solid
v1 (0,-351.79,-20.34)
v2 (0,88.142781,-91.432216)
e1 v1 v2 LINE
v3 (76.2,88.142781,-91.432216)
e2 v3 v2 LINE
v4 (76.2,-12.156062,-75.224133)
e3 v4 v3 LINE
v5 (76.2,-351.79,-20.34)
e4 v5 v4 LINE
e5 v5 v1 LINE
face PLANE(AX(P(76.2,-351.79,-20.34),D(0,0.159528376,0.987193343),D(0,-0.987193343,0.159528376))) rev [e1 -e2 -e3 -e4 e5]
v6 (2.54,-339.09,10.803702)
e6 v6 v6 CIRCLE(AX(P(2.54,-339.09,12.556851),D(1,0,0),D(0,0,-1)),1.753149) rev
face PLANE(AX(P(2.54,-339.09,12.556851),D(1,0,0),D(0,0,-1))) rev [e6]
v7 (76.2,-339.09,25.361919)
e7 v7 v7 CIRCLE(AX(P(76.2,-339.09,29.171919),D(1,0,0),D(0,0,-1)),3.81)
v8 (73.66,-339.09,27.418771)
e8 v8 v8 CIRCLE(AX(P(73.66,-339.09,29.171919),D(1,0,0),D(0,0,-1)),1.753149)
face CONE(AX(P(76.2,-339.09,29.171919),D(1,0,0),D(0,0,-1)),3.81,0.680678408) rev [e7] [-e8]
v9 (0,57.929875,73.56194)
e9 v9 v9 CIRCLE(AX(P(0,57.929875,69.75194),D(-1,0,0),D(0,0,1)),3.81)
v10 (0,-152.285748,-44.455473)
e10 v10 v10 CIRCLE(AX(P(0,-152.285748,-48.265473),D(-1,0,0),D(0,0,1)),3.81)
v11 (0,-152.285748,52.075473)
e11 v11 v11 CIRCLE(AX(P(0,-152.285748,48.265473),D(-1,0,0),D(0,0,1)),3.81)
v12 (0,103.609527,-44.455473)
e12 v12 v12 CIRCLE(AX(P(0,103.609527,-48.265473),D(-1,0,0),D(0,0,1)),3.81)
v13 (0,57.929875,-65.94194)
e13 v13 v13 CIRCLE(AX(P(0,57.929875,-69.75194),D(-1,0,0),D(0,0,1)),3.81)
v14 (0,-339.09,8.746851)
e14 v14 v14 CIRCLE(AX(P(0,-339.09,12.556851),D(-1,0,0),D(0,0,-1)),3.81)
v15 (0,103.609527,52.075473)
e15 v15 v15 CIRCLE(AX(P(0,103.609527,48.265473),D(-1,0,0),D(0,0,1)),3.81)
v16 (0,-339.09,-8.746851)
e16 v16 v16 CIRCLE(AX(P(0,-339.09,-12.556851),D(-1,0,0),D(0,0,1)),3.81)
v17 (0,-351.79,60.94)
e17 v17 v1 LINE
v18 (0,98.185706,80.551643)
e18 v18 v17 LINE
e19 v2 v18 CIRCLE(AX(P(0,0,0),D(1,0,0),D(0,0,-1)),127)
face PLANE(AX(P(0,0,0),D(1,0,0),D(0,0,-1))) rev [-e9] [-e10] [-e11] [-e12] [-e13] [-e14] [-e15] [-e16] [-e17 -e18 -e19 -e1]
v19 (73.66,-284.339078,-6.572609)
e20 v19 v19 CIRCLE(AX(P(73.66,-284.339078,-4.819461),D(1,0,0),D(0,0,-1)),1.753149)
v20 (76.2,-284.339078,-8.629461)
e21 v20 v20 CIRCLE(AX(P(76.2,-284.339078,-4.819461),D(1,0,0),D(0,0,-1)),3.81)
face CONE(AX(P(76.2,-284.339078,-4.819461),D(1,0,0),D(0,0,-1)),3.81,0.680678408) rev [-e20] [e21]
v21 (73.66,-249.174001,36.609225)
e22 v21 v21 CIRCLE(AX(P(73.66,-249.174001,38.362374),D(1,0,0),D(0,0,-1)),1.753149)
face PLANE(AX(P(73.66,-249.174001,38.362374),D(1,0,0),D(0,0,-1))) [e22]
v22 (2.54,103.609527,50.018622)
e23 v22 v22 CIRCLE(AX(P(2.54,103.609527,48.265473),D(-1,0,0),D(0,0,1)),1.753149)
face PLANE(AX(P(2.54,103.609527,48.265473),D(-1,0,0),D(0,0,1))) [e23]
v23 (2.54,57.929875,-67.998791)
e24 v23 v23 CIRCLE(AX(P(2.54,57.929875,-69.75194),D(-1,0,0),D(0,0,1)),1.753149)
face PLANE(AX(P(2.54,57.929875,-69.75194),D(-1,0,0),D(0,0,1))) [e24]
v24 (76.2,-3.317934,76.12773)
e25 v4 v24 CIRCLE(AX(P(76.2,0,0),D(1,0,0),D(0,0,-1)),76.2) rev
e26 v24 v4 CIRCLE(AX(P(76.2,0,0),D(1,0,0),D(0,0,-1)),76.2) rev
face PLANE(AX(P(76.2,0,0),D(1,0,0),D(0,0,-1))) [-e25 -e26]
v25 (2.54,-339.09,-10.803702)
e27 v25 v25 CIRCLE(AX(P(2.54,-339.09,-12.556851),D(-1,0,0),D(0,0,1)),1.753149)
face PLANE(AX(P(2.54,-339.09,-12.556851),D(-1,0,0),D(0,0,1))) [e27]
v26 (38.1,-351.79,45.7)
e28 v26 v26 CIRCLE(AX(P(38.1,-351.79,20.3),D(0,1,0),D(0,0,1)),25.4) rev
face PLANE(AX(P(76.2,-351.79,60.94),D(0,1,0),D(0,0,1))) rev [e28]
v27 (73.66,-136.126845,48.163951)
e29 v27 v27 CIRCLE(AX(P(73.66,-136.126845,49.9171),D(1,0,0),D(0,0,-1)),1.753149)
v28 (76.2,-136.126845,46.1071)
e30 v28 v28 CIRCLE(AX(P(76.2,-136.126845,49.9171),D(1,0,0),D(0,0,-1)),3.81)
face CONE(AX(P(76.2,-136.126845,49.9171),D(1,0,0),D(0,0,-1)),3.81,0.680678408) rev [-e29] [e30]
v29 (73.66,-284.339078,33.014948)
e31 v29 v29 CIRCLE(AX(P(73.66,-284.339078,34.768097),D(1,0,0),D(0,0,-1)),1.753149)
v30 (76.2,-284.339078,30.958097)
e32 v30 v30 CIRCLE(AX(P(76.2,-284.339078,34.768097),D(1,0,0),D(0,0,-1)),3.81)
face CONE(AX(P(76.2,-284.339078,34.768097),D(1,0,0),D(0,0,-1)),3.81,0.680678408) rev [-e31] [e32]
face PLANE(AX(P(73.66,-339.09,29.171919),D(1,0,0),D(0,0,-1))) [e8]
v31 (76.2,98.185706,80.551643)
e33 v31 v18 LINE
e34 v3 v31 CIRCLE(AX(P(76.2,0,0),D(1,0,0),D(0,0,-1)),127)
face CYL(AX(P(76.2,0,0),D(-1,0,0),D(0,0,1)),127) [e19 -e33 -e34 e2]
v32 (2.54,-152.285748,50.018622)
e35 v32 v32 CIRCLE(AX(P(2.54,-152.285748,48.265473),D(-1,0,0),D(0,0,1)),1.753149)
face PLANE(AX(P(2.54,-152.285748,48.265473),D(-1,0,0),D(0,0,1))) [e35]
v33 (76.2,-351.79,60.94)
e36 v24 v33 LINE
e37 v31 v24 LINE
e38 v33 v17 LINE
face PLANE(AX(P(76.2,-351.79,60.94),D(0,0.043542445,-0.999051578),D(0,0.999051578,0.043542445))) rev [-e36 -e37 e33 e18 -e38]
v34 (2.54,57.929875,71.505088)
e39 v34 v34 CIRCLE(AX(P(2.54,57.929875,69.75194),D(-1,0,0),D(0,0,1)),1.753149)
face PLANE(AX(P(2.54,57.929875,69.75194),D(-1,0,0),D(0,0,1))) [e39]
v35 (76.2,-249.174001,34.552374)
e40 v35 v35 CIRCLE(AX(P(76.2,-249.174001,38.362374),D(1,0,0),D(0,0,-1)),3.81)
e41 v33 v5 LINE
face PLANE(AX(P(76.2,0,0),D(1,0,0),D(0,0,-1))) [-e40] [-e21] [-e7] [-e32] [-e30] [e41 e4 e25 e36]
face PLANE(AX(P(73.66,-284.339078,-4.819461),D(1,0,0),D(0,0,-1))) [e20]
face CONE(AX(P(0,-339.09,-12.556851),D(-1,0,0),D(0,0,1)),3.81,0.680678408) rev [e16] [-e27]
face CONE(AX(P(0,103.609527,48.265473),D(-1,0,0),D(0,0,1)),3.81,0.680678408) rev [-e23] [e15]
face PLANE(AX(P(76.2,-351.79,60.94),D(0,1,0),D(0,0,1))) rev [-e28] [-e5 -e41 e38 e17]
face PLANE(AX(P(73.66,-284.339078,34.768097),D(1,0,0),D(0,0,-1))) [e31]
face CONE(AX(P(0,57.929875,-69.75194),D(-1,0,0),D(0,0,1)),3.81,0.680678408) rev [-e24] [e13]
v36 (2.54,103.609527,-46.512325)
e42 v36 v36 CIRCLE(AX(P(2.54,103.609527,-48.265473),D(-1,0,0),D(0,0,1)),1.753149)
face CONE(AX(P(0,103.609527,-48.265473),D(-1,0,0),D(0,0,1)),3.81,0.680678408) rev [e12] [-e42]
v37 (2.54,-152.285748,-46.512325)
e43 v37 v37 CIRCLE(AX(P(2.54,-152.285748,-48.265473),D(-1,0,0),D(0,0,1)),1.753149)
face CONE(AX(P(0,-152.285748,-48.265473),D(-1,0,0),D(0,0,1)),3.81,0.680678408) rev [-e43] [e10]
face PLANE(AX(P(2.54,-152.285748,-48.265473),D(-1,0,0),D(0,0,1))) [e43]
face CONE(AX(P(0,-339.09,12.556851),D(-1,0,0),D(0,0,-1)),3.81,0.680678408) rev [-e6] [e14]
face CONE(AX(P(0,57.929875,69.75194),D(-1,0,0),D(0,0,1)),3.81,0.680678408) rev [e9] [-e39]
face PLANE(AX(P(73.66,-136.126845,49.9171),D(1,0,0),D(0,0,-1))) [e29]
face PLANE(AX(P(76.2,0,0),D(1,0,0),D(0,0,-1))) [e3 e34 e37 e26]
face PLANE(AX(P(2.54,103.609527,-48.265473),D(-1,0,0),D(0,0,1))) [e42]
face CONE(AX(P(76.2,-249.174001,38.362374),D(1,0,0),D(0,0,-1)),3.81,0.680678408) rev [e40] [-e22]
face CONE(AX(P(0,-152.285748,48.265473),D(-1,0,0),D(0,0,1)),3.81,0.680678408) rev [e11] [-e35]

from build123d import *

# Parameters (mm, degrees)
SALIENTE_EXTRUIR1_DEPTH         = 76.2
CROQUIS4_R                      = 3.81
CORTAR_EXTRUIR1_DEPTH           = 2.54
CORTAR_EXTRUIR1_DRAFT           = -39
CORTAR_EXTRUIR1_PROFILE_2_DEPTH = 2.54
CORTAR_EXTRUIR1_PROFILE_2_DRAFT = -39
CORTAR_EXTRUIR1_PROFILE_3_DEPTH = 2.54
CORTAR_EXTRUIR1_PROFILE_3_DRAFT = -39
CORTAR_EXTRUIR1_PROFILE_4_DEPTH = 2.54
CORTAR_EXTRUIR1_PROFILE_4_DRAFT = -39
CORTAR_EXTRUIR1_PROFILE_5_DEPTH = 2.54
CORTAR_EXTRUIR1_PROFILE_5_DRAFT = -39
CORTAR_EXTRUIR1_PROFILE_6_DEPTH = 2.54
CORTAR_EXTRUIR1_PROFILE_6_DRAFT = -39
CROQUIS5_R                      = 3.81
CORTAR_EXTRUIR2_DEPTH           = 2.54
CORTAR_EXTRUIR2_DRAFT           = -39
CORTAR_EXTRUIR2_PROFILE_2_DEPTH = 2.54
CORTAR_EXTRUIR2_PROFILE_2_DRAFT = -39
CORTAR_EXTRUIR2_PROFILE_3_DEPTH = 2.54
CORTAR_EXTRUIR2_PROFILE_3_DRAFT = -39
CORTAR_EXTRUIR2_PROFILE_4_DEPTH = 2.54
CORTAR_EXTRUIR2_PROFILE_4_DRAFT = -39
CORTAR_EXTRUIR2_PROFILE_5_DEPTH = 2.54
CORTAR_EXTRUIR2_PROFILE_5_DRAFT = -39
CORTAR_EXTRUIR2_PROFILE_6_DEPTH = 2.54
CORTAR_EXTRUIR2_PROFILE_6_DRAFT = -39
CORTAR_EXTRUIR2_PROFILE_7_DEPTH = 2.54
CORTAR_EXTRUIR2_PROFILE_7_DRAFT = -39
CORTAR_EXTRUIR2_PROFILE_8_DEPTH = 2.54
CORTAR_EXTRUIR2_PROFILE_8_DRAFT = -39
CORTAR_EXTRUIR2_PROFILE_9_DEPTH = 2.54
CORTAR_EXTRUIR2_PROFILE_9_DRAFT = -39


with BuildPart() as part:
    # Croquis1 → Saliente-Extruir1 (new body)
    with BuildSketch(Plane(origin=(0, 0, 0), x_dir=(0, 0, -1), z_dir=(1, 0, 0))):
        with BuildLine():
            Line((-60.94000004, -351.79000001), (-80.551642675, 98.185705998))
            ThreePointArc((-80.551642675, 98.185705998), (7.403499257, 126.784021859), (91.432215779, 88.142781427))
            Line((91.432215779, 88.142781427), (20.33999996, -351.79000001))
            Line((20.33999996, -351.79000001), (-60.94000004, -351.79000001))
        make_face()
    extrude(amount=SALIENTE_EXTRUIR1_DEPTH)


with BuildPart() as cortar_extruir1_tool:
    # Croquis4 → Cortar-Extruir1 (with draft: the straight prism first)
    with BuildSketch(Plane(origin=(76.2, 0, 0), x_dir=(0, 0, -1), z_dir=(1, 0, 0))):
        with Locations((-49.917099877, -136.126844727)):
            Circle(CROQUIS4_R)
    extrude(amount=-CORTAR_EXTRUIR1_DEPTH)
    # Cortar-Extruir1: the draft: its side faces are tilted about the plane it starts from
    cortar_extruir1_sides = [cortar_extruir1_tool.faces().sort_by_distance(p)[0] for p in [
        (74.93, -136.126844727, 53.727099877),
    ]]
    draft(cortar_extruir1_sides, Plane(origin=(76.2, 0, 0), x_dir=(0, 0, -1), z_dir=(1, 0, 0)), CORTAR_EXTRUIR1_DRAFT)


with BuildPart() as part_1:
    add(part.part)

    # Cortar-Extruir1: cut by cortar_extruir1_tool
    add(cortar_extruir1_tool.part, mode=Mode.SUBTRACT)


with BuildPart() as cortar_extruir1_profile_2_tool:
    # Croquis4 → Cortar-Extruir1 profile 2 (with draft: the straight prism first)
    with BuildSketch(Plane(origin=(76.2, 0, 0), x_dir=(0, 0, -1), z_dir=(1, 0, 0))):
        with Locations((-38.362373799, -249.174001321)):
            Circle(CROQUIS4_R)
    extrude(amount=-CORTAR_EXTRUIR1_PROFILE_2_DEPTH)
    # Cortar-Extruir1 profile 2: the draft: its side faces are tilted about the plane it starts from
    cortar_extruir1_profile_2_sides = [cortar_extruir1_profile_2_tool.faces().sort_by_distance(p)[0] for p in [
        (74.93, -249.174001321, 42.172373799),
    ]]
    draft(cortar_extruir1_profile_2_sides, Plane(origin=(76.2, 0, 0), x_dir=(0, 0, -1), z_dir=(1, 0, 0)), CORTAR_EXTRUIR1_PROFILE_2_DRAFT)


with BuildPart() as part_2:
    add(part_1.part)

    # Cortar-Extruir1 profile 2: cut by cortar_extruir1_profile_2_tool
    add(cortar_extruir1_profile_2_tool.part, mode=Mode.SUBTRACT)


with BuildPart() as cortar_extruir1_profile_3_tool:
    # Croquis4 → Cortar-Extruir1 profile 3 (with draft: the straight prism first)
    with BuildSketch(Plane(origin=(76.2, 0, 0), x_dir=(0, 0, -1), z_dir=(1, 0, 0))):
        with Locations((-34.768096531, -284.339077712)):
            Circle(CROQUIS4_R)
    extrude(amount=-CORTAR_EXTRUIR1_PROFILE_3_DEPTH)
    # Cortar-Extruir1 profile 3: the draft: its side faces are tilted about the plane it starts from
    cortar_extruir1_profile_3_sides = [cortar_extruir1_profile_3_tool.faces().sort_by_distance(p)[0] for p in [
        (74.93, -284.339077712, 38.578096531),
    ]]
    draft(cortar_extruir1_profile_3_sides, Plane(origin=(76.2, 0, 0), x_dir=(0, 0, -1), z_dir=(1, 0, 0)), CORTAR_EXTRUIR1_PROFILE_3_DRAFT)


with BuildPart() as part_3:
    add(part_2.part)

    # Cortar-Extruir1 profile 3: cut by cortar_extruir1_profile_3_tool
    add(cortar_extruir1_profile_3_tool.part, mode=Mode.SUBTRACT)


with BuildPart() as cortar_extruir1_profile_4_tool:
    # Croquis4 → Cortar-Extruir1 profile 4 (with draft: the straight prism first)
    with BuildSketch(Plane(origin=(76.2, 0, 0), x_dir=(0, 0, -1), z_dir=(1, 0, 0))):
        with Locations((-29.171919425, -339.09000001)):
            Circle(CROQUIS4_R)
    extrude(amount=-CORTAR_EXTRUIR1_PROFILE_4_DEPTH)
    # Cortar-Extruir1 profile 4: the draft: its side faces are tilted about the plane it starts from
    cortar_extruir1_profile_4_sides = [cortar_extruir1_profile_4_tool.faces().sort_by_distance(p)[0] for p in [
        (74.93, -339.09000001, 32.981919425),
    ]]
    draft(cortar_extruir1_profile_4_sides, Plane(origin=(76.2, 0, 0), x_dir=(0, 0, -1), z_dir=(1, 0, 0)), CORTAR_EXTRUIR1_PROFILE_4_DRAFT)


with BuildPart() as part_4:
    add(part_3.part)

    # Cortar-Extruir1 profile 4: cut by cortar_extruir1_profile_4_tool
    add(cortar_extruir1_profile_4_tool.part, mode=Mode.SUBTRACT)


with BuildPart() as cortar_extruir1_profile_5_tool:
    # Croquis4 → Cortar-Extruir1 profile 5 (with draft: the straight prism first)
    with BuildSketch(Plane(origin=(76.2, 0, 0), x_dir=(0, 0, -1), z_dir=(1, 0, 0))):
        with Locations((29.171919425, -339.09000001)):
            Circle(CROQUIS4_R)
    extrude(amount=-CORTAR_EXTRUIR1_PROFILE_5_DEPTH)
    # Cortar-Extruir1 profile 5: the draft: its side faces are tilted about the plane it starts from
    cortar_extruir1_profile_5_sides = [cortar_extruir1_profile_5_tool.faces().sort_by_distance(p)[0] for p in [
        (74.93, -339.09000001, -25.361919425),
    ]]
    draft(cortar_extruir1_profile_5_sides, Plane(origin=(76.2, 0, 0), x_dir=(0, 0, -1), z_dir=(1, 0, 0)), CORTAR_EXTRUIR1_PROFILE_5_DRAFT)


with BuildPart() as part_5:
    add(part_4.part)

    # Cortar-Extruir1 profile 5: cut by cortar_extruir1_profile_5_tool
    add(cortar_extruir1_profile_5_tool.part, mode=Mode.SUBTRACT)


with BuildPart() as cortar_extruir1_profile_6_tool:
    # Croquis4 → Cortar-Extruir1 profile 6 (with draft: the straight prism first)
    with BuildSketch(Plane(origin=(76.2, 0, 0), x_dir=(0, 0, -1), z_dir=(1, 0, 0))):
        with Locations((4.819460737, -284.339077712)):
            Circle(CROQUIS4_R)
    extrude(amount=-CORTAR_EXTRUIR1_PROFILE_6_DEPTH)
    # Cortar-Extruir1 profile 6: the draft: its side faces are tilted about the plane it starts from
    cortar_extruir1_profile_6_sides = [cortar_extruir1_profile_6_tool.faces().sort_by_distance(p)[0] for p in [
        (74.93, -284.339077712, -1.009460737),
    ]]
    draft(cortar_extruir1_profile_6_sides, Plane(origin=(76.2, 0, 0), x_dir=(0, 0, -1), z_dir=(1, 0, 0)), CORTAR_EXTRUIR1_PROFILE_6_DRAFT)


with BuildPart() as part_6:
    add(part_5.part)

    # Cortar-Extruir1 profile 6: cut by cortar_extruir1_profile_6_tool
    add(cortar_extruir1_profile_6_tool.part, mode=Mode.SUBTRACT)


with BuildPart() as cortar_extruir2_tool:
    # Croquis5 → Cortar-Extruir2 (with draft: the straight prism first)
    with BuildSketch(Plane.ZY):
        with Locations((-12.556850651, -339.09000001)):
            Circle(CROQUIS5_R)
    extrude(amount=-CORTAR_EXTRUIR2_DEPTH)
    # Cortar-Extruir2: the draft: its side faces are tilted about the plane it starts from
    cortar_extruir2_sides = [cortar_extruir2_tool.faces().sort_by_distance(p)[0] for p in [
        (1.27, -339.09000001, -16.366850651),
    ]]
    draft(cortar_extruir2_sides, Plane.ZY, CORTAR_EXTRUIR2_DRAFT)


with BuildPart() as part_7:
    add(part_6.part)

    # Cortar-Extruir2: cut by cortar_extruir2_tool
    add(cortar_extruir2_tool.part, mode=Mode.SUBTRACT)


with BuildPart() as cortar_extruir2_profile_2_tool:
    # Croquis5 → Cortar-Extruir2 profile 2 (with draft: the straight prism first)
    with BuildSketch(Plane.ZY):
        with Locations((12.556850651, -339.09000001)):
            Circle(CROQUIS5_R)
    extrude(amount=-CORTAR_EXTRUIR2_PROFILE_2_DEPTH)
    # Cortar-Extruir2 profile 2: the draft: its side faces are tilted about the plane it starts from
    cortar_extruir2_profile_2_sides = [cortar_extruir2_profile_2_tool.faces().sort_by_distance(p)[0] for p in [
        (1.27, -339.09000001, 8.746850651),
    ]]
    draft(cortar_extruir2_profile_2_sides, Plane.ZY, CORTAR_EXTRUIR2_PROFILE_2_DRAFT)


with BuildPart() as part_8:
    add(part_7.part)

    # Cortar-Extruir2 profile 2: cut by cortar_extruir2_profile_2_tool
    add(cortar_extruir2_profile_2_tool.part, mode=Mode.SUBTRACT)


with BuildPart() as cortar_extruir2_profile_3_tool:
    # Croquis5 → Cortar-Extruir2 profile 3 (with draft: the straight prism first)
    with BuildSketch(Plane.ZY):
        with Locations((-34.182100121, -290.072249352)):
            Circle(CROQUIS5_R)
    extrude(amount=-CORTAR_EXTRUIR2_PROFILE_3_DEPTH)
    # Cortar-Extruir2 profile 3: the draft: its side faces are tilted about the plane it starts from
    cortar_extruir2_profile_3_sides = [cortar_extruir2_profile_3_tool.faces().sort_by_distance(p)[0] for p in [
        (1.27, -290.072249352, -37.992100121),
    ]]
    draft(cortar_extruir2_profile_3_sides, Plane.ZY, CORTAR_EXTRUIR2_PROFILE_3_DRAFT)


with BuildPart() as part_9:
    add(part_8.part)

    # Cortar-Extruir2 profile 3: cut by cortar_extruir2_profile_3_tool
    add(cortar_extruir2_profile_3_tool.part, mode=Mode.SUBTRACT)


with BuildPart() as cortar_extruir2_profile_4_tool:
    # Croquis5 → Cortar-Extruir2 profile 4 (with draft: the straight prism first)
    with BuildSketch(Plane.ZY):
        with Locations((-48.265473167, -152.285748198)):
            Circle(CROQUIS5_R)
    extrude(amount=-CORTAR_EXTRUIR2_PROFILE_4_DEPTH)
    # Cortar-Extruir2 profile 4: the draft: its side faces are tilted about the plane it starts from
    cortar_extruir2_profile_4_sides = [cortar_extruir2_profile_4_tool.faces().sort_by_distance(p)[0] for p in [
        (1.27, -152.285748198, -52.075473167),
    ]]
    draft(cortar_extruir2_profile_4_sides, Plane.ZY, CORTAR_EXTRUIR2_PROFILE_4_DRAFT)


with BuildPart() as part_10:
    add(part_9.part)

    # Cortar-Extruir2 profile 4: cut by cortar_extruir2_profile_4_tool
    add(cortar_extruir2_profile_4_tool.part, mode=Mode.SUBTRACT)


with BuildPart() as cortar_extruir2_profile_5_tool:
    # Croquis5 → Cortar-Extruir2 profile 5 (with draft: the straight prism first)
    with BuildSketch(Plane.ZY):
        with Locations((-69.751939629, 57.929874619)):
            Circle(CROQUIS5_R)
    extrude(amount=-CORTAR_EXTRUIR2_PROFILE_5_DEPTH)
    # Cortar-Extruir2 profile 5: the draft: its side faces are tilted about the plane it starts from
    cortar_extruir2_profile_5_sides = [cortar_extruir2_profile_5_tool.faces().sort_by_distance(p)[0] for p in [
        (1.27, 57.929874619, -73.561939629),
    ]]
    draft(cortar_extruir2_profile_5_sides, Plane.ZY, CORTAR_EXTRUIR2_PROFILE_5_DRAFT)


with BuildPart() as part_11:
    add(part_10.part)

    # Cortar-Extruir2 profile 5: cut by cortar_extruir2_profile_5_tool
    add(cortar_extruir2_profile_5_tool.part, mode=Mode.SUBTRACT)


with BuildPart() as cortar_extruir2_profile_6_tool:
    # Croquis5 → Cortar-Extruir2 profile 6 (with draft: the straight prism first)
    with BuildSketch(Plane.ZY):
        with Locations((-48.265473167, 103.609527072)):
            Circle(CROQUIS5_R)
    extrude(amount=-CORTAR_EXTRUIR2_PROFILE_6_DEPTH)
    # Cortar-Extruir2 profile 6: the draft: its side faces are tilted about the plane it starts from
    cortar_extruir2_profile_6_sides = [cortar_extruir2_profile_6_tool.faces().sort_by_distance(p)[0] for p in [
        (1.27, 103.609527072, -52.075473167),
    ]]
    draft(cortar_extruir2_profile_6_sides, Plane.ZY, CORTAR_EXTRUIR2_PROFILE_6_DRAFT)


with BuildPart() as part_12:
    add(part_11.part)

    # Cortar-Extruir2 profile 6: cut by cortar_extruir2_profile_6_tool
    add(cortar_extruir2_profile_6_tool.part, mode=Mode.SUBTRACT)


with BuildPart() as cortar_extruir2_profile_7_tool:
    # Croquis5 → Cortar-Extruir2 profile 7 (with draft: the straight prism first)
    with BuildSketch(Plane.ZY):
        with Locations((48.265473167, 103.609527072)):
            Circle(CROQUIS5_R)
    extrude(amount=-CORTAR_EXTRUIR2_PROFILE_7_DEPTH)
    # Cortar-Extruir2 profile 7: the draft: its side faces are tilted about the plane it starts from
    cortar_extruir2_profile_7_sides = [cortar_extruir2_profile_7_tool.faces().sort_by_distance(p)[0] for p in [
        (1.27, 103.609527072, 44.455473167),
    ]]
    draft(cortar_extruir2_profile_7_sides, Plane.ZY, CORTAR_EXTRUIR2_PROFILE_7_DRAFT)


with BuildPart() as part_13:
    add(part_12.part)

    # Cortar-Extruir2 profile 7: cut by cortar_extruir2_profile_7_tool
    add(cortar_extruir2_profile_7_tool.part, mode=Mode.SUBTRACT)


with BuildPart() as cortar_extruir2_profile_8_tool:
    # Croquis5 → Cortar-Extruir2 profile 8 (with draft: the straight prism first)
    with BuildSketch(Plane.ZY):
        with Locations((69.751939629, 57.929874619)):
            Circle(CROQUIS5_R)
    extrude(amount=-CORTAR_EXTRUIR2_PROFILE_8_DEPTH)
    # Cortar-Extruir2 profile 8: the draft: its side faces are tilted about the plane it starts from
    cortar_extruir2_profile_8_sides = [cortar_extruir2_profile_8_tool.faces().sort_by_distance(p)[0] for p in [
        (1.27, 57.929874619, 65.941939629),
    ]]
    draft(cortar_extruir2_profile_8_sides, Plane.ZY, CORTAR_EXTRUIR2_PROFILE_8_DRAFT)


with BuildPart() as part_14:
    add(part_13.part)

    # Cortar-Extruir2 profile 8: cut by cortar_extruir2_profile_8_tool
    add(cortar_extruir2_profile_8_tool.part, mode=Mode.SUBTRACT)


with BuildPart() as cortar_extruir2_profile_9_tool:
    # Croquis5 → Cortar-Extruir2 profile 9 (with draft: the straight prism first)
    with BuildSketch(Plane.ZY):
        with Locations((48.265473167, -152.285748198)):
            Circle(CROQUIS5_R)
    extrude(amount=-CORTAR_EXTRUIR2_PROFILE_9_DEPTH)
    # Cortar-Extruir2 profile 9: the draft: its side faces are tilted about the plane it starts from
    cortar_extruir2_profile_9_sides = [cortar_extruir2_profile_9_tool.faces().sort_by_distance(p)[0] for p in [
        (1.27, -152.285748198, 44.455473167),
    ]]
    draft(cortar_extruir2_profile_9_sides, Plane.ZY, CORTAR_EXTRUIR2_PROFILE_9_DRAFT)


with BuildPart() as part_15:
    add(part_14.part)

    # Cortar-Extruir2 profile 9: cut by cortar_extruir2_profile_9_tool
    add(cortar_extruir2_profile_9_tool.part, mode=Mode.SUBTRACT)


solid = part_15.part
